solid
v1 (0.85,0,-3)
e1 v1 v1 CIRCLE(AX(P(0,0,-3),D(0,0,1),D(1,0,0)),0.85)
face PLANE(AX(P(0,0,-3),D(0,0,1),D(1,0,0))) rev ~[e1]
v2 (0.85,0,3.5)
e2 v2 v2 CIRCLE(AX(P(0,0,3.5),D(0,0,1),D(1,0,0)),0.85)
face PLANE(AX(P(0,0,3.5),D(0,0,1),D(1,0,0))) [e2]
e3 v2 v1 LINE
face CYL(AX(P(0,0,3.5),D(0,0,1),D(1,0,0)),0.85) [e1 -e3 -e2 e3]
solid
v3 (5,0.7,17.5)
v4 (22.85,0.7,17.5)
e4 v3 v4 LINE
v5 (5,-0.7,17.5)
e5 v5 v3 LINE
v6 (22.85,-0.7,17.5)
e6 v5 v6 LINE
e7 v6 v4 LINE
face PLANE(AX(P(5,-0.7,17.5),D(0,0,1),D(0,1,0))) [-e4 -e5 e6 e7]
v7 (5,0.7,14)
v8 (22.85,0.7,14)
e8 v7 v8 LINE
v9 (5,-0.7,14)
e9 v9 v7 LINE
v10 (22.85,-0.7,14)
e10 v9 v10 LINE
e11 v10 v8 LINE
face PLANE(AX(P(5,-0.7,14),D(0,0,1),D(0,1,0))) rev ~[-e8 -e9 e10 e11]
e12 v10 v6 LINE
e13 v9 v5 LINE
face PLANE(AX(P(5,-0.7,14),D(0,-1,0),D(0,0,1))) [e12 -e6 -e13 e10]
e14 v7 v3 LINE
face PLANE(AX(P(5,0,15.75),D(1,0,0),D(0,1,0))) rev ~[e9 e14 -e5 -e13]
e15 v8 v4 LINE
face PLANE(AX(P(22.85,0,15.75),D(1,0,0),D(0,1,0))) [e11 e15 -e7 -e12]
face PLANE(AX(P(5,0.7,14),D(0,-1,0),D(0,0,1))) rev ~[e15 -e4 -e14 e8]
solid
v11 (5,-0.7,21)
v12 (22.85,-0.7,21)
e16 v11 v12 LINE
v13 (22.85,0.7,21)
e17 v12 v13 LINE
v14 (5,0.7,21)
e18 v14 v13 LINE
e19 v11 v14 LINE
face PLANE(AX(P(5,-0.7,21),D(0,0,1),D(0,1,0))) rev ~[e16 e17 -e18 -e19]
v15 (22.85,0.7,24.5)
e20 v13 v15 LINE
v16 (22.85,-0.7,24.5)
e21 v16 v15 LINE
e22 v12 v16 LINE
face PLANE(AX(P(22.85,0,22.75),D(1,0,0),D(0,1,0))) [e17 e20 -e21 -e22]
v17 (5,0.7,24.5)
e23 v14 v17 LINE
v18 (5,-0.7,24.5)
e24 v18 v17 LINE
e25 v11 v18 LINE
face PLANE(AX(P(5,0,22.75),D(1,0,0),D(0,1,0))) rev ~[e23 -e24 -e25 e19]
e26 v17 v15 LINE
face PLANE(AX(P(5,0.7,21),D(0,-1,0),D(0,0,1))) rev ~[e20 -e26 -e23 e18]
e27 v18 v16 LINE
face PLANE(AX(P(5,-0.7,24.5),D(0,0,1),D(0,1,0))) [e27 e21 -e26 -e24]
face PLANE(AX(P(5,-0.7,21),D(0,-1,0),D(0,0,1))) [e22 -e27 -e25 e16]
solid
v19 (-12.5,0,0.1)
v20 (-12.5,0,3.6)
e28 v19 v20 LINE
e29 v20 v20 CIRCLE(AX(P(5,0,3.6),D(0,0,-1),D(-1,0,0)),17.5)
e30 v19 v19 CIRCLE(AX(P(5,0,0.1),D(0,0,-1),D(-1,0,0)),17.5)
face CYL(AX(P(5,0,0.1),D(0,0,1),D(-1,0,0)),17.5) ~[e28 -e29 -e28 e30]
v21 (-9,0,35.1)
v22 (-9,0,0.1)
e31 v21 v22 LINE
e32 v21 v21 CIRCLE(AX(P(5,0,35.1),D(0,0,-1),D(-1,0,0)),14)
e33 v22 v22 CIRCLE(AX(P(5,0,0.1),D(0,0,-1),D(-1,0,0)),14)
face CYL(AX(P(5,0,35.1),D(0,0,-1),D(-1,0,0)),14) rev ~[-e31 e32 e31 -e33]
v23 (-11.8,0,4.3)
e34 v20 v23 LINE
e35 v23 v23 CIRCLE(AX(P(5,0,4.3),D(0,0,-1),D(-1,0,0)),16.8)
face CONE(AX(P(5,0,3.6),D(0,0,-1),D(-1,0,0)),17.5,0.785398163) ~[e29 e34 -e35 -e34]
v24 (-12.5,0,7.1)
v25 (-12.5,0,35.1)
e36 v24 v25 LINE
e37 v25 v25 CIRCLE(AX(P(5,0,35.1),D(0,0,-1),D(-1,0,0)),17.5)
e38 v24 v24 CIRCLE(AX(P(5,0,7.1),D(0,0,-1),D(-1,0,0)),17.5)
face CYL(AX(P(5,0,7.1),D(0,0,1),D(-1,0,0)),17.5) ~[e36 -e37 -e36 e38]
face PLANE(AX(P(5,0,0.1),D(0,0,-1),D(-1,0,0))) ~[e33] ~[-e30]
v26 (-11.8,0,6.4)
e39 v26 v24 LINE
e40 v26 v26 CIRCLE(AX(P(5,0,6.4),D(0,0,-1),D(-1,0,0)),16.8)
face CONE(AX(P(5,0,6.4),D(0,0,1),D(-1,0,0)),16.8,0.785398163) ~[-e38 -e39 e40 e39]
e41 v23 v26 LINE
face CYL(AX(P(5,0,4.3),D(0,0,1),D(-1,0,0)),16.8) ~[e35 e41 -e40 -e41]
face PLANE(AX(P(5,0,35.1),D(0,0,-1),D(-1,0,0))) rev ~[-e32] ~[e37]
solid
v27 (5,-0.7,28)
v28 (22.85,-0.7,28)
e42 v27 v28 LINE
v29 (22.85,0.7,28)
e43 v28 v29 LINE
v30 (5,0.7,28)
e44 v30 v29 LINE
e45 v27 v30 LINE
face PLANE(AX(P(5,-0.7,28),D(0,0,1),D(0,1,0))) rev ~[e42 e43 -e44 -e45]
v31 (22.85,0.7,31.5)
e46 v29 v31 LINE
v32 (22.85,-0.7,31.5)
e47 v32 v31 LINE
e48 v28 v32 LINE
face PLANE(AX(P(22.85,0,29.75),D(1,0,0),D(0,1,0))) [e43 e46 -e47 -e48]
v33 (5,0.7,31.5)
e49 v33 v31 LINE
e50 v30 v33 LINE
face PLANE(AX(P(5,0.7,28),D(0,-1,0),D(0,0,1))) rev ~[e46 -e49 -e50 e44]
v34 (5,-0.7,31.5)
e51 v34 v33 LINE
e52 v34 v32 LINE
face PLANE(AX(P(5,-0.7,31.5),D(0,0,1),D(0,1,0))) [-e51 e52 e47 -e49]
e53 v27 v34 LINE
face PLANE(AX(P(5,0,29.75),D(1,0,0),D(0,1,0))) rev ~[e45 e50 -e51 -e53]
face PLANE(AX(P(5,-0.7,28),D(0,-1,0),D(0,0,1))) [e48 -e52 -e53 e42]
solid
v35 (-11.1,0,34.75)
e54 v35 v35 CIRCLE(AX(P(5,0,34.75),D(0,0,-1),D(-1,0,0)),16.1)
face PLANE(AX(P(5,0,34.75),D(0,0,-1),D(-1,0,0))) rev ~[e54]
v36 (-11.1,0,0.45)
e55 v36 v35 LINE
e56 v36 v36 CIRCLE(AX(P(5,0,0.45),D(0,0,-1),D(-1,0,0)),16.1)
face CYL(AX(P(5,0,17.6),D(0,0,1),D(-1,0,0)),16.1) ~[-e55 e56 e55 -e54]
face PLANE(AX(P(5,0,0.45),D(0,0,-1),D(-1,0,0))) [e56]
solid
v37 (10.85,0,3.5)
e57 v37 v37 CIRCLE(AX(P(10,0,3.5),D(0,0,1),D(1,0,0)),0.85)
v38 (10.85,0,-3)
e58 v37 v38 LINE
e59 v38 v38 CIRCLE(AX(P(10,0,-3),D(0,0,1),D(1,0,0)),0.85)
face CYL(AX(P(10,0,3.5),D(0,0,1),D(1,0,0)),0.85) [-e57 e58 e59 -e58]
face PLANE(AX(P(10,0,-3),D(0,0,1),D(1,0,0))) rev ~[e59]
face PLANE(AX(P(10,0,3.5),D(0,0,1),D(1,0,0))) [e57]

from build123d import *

# Parameters (mm, degrees)
SKETCH002_W  = 16.1
SKETCH002_H  = 34.3
SKETCH003_R  = 0.85
PAD_DEPTH    = 6.5
SKETCH004_W  = 1.4
SKETCH004_H  = 3.5
PAD001_DEPTH = 17.85


with BuildPart() as revolution:
    # Sketch → Revolution (revolve)
    with BuildSketch(Plane.XZ):
        Polygon((-12.5, 0.1), (-12.5, 3.6), (-11.8, 4.3), (-11.8, 6.4), (-12.5, 7.1), (-12.5, 35.1), (-9, 35.1), (-9, 0.1), align=None)
    revolve(axis=Axis((5, 0, 7.548619), (0, 0, -1)))


with BuildPart() as revolution001:
    # Sketch002 → Revolution001 (revolve)
    with BuildSketch(Plane.XZ):
        with Locations((-3.05, 17.6)):
            Rectangle(SKETCH002_W, SKETCH002_H)
    revolve(axis=Axis((5, 0, 4.680116), (0, 0, -1)))


with BuildPart() as pad:
    # Sketch003 → Pad (new body)
    with BuildSketch(Plane.XY.offset(3.5)):
        Circle(SKETCH003_R)
        with Locations((10, 0)):
            Circle(SKETCH003_R)
    extrude(amount=-PAD_DEPTH)


with BuildPart() as pad001:
    # Sketch004 → Pad001 (new body)
    with BuildSketch(Plane.YZ.offset(5)):
        with Locations((0, 15.75)):
            Rectangle(SKETCH004_W, SKETCH004_H)
        with Locations((0, 22.75)):
            Rectangle(SKETCH004_W, SKETCH004_H)
        with Locations((0, 29.75)):
            Rectangle(SKETCH004_W, SKETCH004_H)
    extrude(amount=PAD001_DEPTH)


solid = Compound([revolution.part, revolution001.part, pad.part, pad001.part])
